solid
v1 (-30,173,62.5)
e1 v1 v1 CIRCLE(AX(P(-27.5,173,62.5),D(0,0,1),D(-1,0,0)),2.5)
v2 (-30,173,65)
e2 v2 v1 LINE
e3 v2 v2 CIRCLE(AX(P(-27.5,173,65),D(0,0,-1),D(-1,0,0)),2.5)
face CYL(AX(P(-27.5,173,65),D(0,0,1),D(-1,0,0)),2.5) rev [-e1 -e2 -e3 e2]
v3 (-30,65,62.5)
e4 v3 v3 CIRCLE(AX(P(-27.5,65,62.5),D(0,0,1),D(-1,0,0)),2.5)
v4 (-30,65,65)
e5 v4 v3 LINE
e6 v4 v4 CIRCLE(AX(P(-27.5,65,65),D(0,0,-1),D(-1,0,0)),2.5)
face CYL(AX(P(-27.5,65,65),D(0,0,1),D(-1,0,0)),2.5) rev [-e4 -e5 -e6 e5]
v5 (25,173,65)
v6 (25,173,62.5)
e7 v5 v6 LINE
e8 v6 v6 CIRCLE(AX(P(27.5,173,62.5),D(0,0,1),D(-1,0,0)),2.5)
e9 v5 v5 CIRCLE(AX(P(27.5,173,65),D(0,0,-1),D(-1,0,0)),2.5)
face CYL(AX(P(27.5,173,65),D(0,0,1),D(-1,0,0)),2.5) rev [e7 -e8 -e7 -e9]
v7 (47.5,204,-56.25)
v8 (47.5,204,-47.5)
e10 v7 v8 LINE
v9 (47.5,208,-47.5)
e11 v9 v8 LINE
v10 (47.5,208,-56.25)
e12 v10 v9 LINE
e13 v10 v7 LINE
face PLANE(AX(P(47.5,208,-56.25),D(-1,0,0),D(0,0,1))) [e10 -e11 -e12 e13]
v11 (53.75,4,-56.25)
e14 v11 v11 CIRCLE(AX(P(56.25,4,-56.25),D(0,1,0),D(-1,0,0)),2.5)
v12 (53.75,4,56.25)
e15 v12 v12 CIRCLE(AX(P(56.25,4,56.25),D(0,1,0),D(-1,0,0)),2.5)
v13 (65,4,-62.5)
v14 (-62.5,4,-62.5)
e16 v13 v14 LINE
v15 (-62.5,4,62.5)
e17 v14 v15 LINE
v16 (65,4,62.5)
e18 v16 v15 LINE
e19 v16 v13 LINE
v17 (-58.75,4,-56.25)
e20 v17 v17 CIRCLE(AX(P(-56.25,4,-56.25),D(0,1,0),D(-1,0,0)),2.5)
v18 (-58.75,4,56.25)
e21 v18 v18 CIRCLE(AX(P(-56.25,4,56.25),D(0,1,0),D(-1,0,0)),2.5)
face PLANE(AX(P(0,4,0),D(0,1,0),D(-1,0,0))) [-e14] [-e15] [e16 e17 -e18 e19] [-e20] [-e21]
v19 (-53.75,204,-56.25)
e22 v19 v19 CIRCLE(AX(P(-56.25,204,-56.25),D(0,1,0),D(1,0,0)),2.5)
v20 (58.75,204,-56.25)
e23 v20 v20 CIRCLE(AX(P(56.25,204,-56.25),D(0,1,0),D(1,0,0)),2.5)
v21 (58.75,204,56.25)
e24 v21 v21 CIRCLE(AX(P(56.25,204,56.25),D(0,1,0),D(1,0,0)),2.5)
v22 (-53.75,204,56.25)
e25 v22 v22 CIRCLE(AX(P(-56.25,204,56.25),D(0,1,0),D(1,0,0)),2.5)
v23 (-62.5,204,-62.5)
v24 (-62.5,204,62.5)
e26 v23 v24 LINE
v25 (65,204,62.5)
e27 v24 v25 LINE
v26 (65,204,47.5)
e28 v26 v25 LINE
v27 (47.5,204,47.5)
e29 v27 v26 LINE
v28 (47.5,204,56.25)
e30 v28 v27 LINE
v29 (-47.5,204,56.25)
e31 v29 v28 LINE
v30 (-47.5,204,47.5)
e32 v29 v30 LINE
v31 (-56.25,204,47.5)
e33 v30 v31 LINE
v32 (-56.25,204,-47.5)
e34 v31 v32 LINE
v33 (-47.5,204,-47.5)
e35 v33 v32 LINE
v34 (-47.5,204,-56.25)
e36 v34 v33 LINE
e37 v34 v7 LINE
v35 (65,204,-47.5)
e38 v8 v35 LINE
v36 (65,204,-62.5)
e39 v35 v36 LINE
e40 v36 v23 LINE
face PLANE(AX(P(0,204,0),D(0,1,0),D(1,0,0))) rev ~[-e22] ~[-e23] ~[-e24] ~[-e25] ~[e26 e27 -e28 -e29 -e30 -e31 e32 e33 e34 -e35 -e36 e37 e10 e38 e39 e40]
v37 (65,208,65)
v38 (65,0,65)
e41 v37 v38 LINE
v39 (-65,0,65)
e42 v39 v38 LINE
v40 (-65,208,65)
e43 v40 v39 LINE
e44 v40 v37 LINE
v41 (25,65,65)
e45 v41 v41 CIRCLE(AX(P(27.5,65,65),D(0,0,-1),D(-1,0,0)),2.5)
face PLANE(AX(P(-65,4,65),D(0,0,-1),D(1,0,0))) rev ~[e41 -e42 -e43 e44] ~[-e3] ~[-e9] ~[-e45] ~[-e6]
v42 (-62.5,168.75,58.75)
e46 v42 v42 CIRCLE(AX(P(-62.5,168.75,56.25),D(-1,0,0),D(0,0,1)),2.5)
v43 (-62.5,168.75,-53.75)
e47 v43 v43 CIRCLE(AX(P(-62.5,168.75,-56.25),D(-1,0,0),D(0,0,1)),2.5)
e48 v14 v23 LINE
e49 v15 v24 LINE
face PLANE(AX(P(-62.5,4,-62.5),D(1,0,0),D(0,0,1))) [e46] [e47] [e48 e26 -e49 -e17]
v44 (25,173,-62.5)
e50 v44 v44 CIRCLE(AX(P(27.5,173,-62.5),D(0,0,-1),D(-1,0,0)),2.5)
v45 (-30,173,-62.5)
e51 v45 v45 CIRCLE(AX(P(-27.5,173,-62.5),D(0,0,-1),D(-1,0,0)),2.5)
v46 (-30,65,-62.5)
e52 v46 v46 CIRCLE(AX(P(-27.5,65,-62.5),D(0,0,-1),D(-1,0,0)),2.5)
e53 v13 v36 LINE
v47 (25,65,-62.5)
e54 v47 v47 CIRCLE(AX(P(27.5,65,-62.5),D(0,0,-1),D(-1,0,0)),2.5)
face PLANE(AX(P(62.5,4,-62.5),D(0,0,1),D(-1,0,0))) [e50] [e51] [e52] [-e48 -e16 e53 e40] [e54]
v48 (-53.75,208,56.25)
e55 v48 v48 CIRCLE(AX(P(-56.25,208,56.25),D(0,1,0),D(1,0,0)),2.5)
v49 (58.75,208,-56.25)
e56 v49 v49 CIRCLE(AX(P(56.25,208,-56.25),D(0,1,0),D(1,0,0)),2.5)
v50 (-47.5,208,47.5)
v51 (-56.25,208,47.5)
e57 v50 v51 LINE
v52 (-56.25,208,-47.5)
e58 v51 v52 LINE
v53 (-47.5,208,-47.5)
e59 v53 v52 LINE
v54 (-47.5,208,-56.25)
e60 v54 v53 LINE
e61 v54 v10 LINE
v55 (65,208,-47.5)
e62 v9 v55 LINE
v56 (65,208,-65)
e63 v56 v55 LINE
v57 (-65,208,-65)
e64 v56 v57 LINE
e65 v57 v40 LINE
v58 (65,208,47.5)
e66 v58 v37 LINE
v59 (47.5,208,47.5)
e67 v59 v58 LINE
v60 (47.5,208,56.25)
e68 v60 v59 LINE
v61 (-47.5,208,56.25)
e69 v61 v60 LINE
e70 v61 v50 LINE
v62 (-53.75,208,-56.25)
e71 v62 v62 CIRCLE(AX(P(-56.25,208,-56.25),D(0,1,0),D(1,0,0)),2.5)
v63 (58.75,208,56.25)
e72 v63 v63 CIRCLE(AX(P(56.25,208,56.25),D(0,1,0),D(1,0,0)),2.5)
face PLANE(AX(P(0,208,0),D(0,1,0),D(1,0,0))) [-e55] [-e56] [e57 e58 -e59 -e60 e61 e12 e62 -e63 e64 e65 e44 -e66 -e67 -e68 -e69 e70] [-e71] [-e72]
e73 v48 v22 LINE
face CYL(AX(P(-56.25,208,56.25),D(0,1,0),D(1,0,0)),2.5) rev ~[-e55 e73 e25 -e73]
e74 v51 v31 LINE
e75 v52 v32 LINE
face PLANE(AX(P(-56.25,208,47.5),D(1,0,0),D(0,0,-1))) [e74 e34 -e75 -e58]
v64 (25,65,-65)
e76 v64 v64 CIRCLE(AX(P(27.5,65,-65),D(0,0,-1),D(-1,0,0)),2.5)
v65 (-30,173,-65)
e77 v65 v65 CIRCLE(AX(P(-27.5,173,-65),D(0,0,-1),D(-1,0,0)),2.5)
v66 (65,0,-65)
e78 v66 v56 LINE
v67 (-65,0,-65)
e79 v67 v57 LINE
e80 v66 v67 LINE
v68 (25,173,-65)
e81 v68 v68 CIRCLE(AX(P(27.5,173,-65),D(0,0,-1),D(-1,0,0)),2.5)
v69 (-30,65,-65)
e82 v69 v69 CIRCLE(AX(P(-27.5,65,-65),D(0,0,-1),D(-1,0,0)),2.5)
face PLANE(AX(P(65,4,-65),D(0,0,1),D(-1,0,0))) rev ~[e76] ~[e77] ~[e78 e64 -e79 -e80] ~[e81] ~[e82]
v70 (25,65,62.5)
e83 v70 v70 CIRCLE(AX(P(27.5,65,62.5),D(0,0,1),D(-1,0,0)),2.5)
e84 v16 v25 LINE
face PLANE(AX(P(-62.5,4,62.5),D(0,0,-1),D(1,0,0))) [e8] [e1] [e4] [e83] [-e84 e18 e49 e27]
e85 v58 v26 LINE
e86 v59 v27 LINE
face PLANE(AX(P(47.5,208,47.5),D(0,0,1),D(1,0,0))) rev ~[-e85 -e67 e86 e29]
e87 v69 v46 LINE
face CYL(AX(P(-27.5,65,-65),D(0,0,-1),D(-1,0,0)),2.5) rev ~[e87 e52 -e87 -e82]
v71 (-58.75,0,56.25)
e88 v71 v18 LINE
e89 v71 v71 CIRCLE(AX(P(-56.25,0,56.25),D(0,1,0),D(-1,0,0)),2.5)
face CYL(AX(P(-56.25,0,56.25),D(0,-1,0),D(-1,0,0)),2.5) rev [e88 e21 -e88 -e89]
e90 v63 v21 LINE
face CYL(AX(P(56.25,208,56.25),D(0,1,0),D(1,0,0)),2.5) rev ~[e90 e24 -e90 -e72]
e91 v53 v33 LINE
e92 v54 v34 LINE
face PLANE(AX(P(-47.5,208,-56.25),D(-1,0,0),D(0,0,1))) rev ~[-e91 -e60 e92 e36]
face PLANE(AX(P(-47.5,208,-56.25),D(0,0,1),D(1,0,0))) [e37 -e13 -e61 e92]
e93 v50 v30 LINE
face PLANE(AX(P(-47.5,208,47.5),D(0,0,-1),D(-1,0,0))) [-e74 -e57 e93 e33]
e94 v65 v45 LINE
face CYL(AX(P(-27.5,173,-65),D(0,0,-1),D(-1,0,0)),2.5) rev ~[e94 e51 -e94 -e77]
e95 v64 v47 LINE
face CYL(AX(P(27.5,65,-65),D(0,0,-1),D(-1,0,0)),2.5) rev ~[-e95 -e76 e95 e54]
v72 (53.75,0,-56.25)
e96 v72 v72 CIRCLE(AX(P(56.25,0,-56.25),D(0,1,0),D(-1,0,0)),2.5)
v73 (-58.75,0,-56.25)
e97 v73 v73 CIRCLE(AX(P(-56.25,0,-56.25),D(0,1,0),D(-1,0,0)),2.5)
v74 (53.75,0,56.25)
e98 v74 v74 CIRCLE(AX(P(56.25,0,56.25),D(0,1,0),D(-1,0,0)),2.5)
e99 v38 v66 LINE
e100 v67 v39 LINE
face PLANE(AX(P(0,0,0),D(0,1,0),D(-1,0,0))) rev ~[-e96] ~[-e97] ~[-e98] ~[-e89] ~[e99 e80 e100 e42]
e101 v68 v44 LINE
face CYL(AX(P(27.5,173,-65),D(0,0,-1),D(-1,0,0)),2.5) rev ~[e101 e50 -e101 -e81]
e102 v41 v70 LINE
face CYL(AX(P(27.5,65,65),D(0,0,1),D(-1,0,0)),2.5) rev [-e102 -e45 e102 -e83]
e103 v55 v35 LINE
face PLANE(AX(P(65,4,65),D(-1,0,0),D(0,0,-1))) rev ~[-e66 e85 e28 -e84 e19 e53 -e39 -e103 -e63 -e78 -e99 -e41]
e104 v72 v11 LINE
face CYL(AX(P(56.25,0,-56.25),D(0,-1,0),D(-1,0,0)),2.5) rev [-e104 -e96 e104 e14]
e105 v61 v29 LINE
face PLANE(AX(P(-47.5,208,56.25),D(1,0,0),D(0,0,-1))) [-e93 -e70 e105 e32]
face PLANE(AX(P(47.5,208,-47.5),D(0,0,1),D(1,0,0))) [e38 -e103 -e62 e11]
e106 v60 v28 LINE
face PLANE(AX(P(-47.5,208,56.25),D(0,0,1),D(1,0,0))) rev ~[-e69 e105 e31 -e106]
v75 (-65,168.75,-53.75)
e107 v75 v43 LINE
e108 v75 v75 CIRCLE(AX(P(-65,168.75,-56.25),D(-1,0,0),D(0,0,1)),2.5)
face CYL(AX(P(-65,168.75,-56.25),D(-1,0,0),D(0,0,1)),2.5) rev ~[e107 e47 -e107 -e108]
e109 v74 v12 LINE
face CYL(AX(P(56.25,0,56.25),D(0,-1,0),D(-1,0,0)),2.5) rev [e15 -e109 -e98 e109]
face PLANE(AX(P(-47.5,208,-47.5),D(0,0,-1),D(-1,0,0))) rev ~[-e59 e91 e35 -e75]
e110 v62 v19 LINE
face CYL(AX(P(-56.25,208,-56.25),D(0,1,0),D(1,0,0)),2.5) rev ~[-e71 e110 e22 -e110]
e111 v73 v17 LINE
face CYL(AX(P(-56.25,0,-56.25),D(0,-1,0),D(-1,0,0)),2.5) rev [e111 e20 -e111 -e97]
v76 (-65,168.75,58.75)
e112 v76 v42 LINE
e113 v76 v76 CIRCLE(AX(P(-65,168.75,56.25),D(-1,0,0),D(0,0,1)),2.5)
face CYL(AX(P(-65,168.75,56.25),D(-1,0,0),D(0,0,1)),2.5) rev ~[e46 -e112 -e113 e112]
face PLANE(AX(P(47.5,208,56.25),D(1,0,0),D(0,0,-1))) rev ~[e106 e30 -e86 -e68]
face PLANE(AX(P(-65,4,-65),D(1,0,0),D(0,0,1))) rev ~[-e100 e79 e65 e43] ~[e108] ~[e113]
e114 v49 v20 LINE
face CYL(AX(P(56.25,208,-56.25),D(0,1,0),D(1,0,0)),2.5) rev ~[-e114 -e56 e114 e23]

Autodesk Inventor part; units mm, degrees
ref_plane "YZ Plane" through (0, 0, 0) normal (1, 0, 0) x (0, 1, 0)
ref_plane "XZ Plane" through (0, 0, 0) normal (0, 1, 0) x (-1, 0, 0)
ref_plane "XY Plane" through (0, 0, 0) normal (0, 0, 1) x (1, 0, 0)
sketch "Sketch1" plane through (0, 0, 0) normal (0, 1, 0) x (-1, 0, 0)
  line L0 (65, 65) -> (-65, 65)
  line L1 (-65, 65) -> (-65, -65)
  line L2 (-65, -65) -> (65, -65)
  line L3 (65, -65) -> (65, 65)
  line L4 (65, 65) -> (-65, -65) construction
  line L5 (-65, 65) -> (65, -65) construction
  circle A0 centre (-56.25, 56.25) radius 2.5
  line L6 (0, 15.2849) -> (0, -21.0051)
  line L7 (0, -21.0051) -> (-20.003, 0)
  line L8 (-20.003, 0) -> (15.941, 0)
  circle A1 centre (56.25, 56.25) radius 2.5
  circle A2 centre (-56.25, -56.25) radius 2.5
  circle A3 centre (56.25, -56.25) radius 2.5
  point P0 (0, 0)
  point P1 (0, 0)
  dimension "d0" = 130
  dimension "d1" = 130
  dimension "d2" = 5
  dimension "d3" = 8.75
extrude "Extrusion1" add sketch "Sketch1" along normal blind 4 contours L3 L2 L1 L0 | L6 L7 L8
sketch "Sketch2" plane through (0, 4, 0) normal (0, 1, 0) x (1, 0, 0)
  line L0 (-62.5, -62.5) -> (62.5, -62.5)
  line L1 (62.5, -62.5) -> (62.5, 62.5)
  line L2 (62.5, 62.5) -> (-62.5, 62.5)
  line L3 (-62.5, 62.5) -> (-62.5, -62.5)
  line L4 (-62.5, -62.5) -> (62.5, 62.5) construction
  line L5 (62.5, -62.5) -> (-62.5, 62.5) construction
  line L6 (-65, 65) -> (-65, -65) projected
  line L7 (65, 65) -> (-65, 65) projected
  line L8 (-65, -65) -> (65, -65)
  line L9 (65, -65) -> (65, 65)
  line L10 (65, 65) -> (-65, 65)
  line L11 (-65, 65) -> (-65, -65)
  line L12 (-65, -65) -> (65, 65) construction
  line L13 (65, -65) -> (-65, 65) construction
  line L14 (62.5, -62.5) -> (65, -62.5)
  line L15 (62.5, 62.5) -> (65, 62.5)
  point P0 (0, 0)
  dimension "d6" = 2.5
  dimension "d7" = 2.5
extrude "Extrusion2" add sketch "Sketch2" along normal blind 204 contours L0 L14 L9 L8 L6 L7 L15 L2 L3
sketch "Sketch3" plane through (0, 208, 0) normal (0, 1, 0) x (1, 0, 0)
  line L0 (-65, 65) -> (-65, -65) projected
  line L1 (-65, -65) -> (-47.5, -65)
  line L2 (-47.5, -65) -> (-47.5, -47.5)
  line L3 (-47.5, -47.5) -> (-65, -47.5)
  line L4 (-65, -47.5) -> (-65, -65)
  line L5 (-65, 65) -> (-47.5, 65)
  line L6 (-47.5, 65) -> (-47.5, 47.5)
  line L7 (-47.5, 47.5) -> (-65, 47.5)
  line L8 (-65, 47.5) -> (-65, 65)
  line L9 (-65, -65) -> (65, -65) projected
  line L10 (65, -65) -> (47.5, -65)
  line L11 (47.5, -65) -> (47.5, -47.5)
  line L12 (47.5, -47.5) -> (65, -47.5)
  line L13 (65, -47.5) -> (65, -65)
  line L14 (65, 65) -> (-65, 65) projected
  line L15 (65, 65) -> (47.5, 65)
  line L16 (47.5, 65) -> (47.5, 47.5)
  line L17 (47.5, 47.5) -> (65, 47.5)
  line L18 (65, 47.5) -> (65, 65)
  circle A0 centre (56.25, -56.25) radius 2.5
  circle A1 centre (56.25, 56.25) radius 2.5 projected
  circle A2 centre (56.25, 56.25) radius 2.5
  circle A3 centre (-56.25, 56.25) radius 2.5
  circle A4 centre (-56.25, -56.25) radius 2.5 projected
  circle A5 centre (-56.25, -56.25) radius 2.5
  line L19 (-47.5, -56.25) -> (47.5, -56.25)
  line L20 (-56.25, -47.5) -> (-56.25, 47.5)
  line L21 (-47.5, 56.25) -> (47.5, 56.25)
  point P0 (0, 0)
  point P1 (56.25, -65)
  dimension "d10" = 17.5
  dimension "d11" = 17.5
  dimension "d12" = 17.5
  dimension "d13" = 17.5
  dimension "d14" = 17.5
  dimension "d15" = 17.5
  dimension "d16" = 17.5
  dimension "d17" = 17.5
  dimension "d18" = 5
  dimension "d19" = 5
  dimension "d20" = 5
  dimension "d21" = 5
extrude "Extrusion3" add sketch "Sketch3" against normal blind 4
sketch "Sketch4" plane through (-65, 0, -65) normal (-1, 0, 0) x (0, 0, 1)
  circle A0 centre (8.75, 168.75) radius 2.5
  circle A1 centre (121.25, 168.75) radius 2.5
  line L0 (0, 208) -> (130, 208) projected
  line L1 (0, 0) -> (0, 208) projected
  line L2 (130, 0) -> (130, 208) projected
  point P0 (65, 0)
  dimension "d24" = 5
  dimension "d25" = 5
  dimension "d26" = 39.25
  dimension "d27" = 39.25
  dimension "d28" = 8.75
  dimension "d29" = 8.75
extrude "Extrusion4" cut sketch "Sketch4" against normal through all
sketch "Sketch7" plane through (-65, 0, 65) normal (0, 0, 1) x (1, 0, 0)
  circle A0 centre (37.5, 173) radius 2.5
  circle A1 centre (92.5, 173) radius 2.5
  circle A2 centre (37.5, 65) radius 2.5
  circle A3 centre (92.5, 65) radius 2.5
  line L0 (0, 208) -> (130, 208) projected
  line L1 (130, 0) -> (130, 208) projected
  line L2 (0, 0) -> (130, 0) projected
  point P0 (65, 0)
  dimension "d47" = 5
  dimension "d48" = 5
  dimension "d49" = 5
  dimension "d50" = 5
  dimension "d51" = 55
  dimension "d52" = 55
  dimension "d53" = 0
  dimension "d54" = 35
  dimension "d55" = 0
  dimension "d56" = 37.5
  dimension "d57" = 37.5
  dimension "d58" = 65
sketch "Sketch5" plane through (65, 0, -65) normal (0, 0, -1) x (-1, 0, 0)
  circle A0 centre (37.5, 173) radius 2.5
  circle A1 centre (92.5, 173) radius 2.5
  circle A2 centre (37.5, 65) radius 2.5
  circle A3 centre (92.5, 65) radius 2.5
  line L0 (130, 0) -> (130, 208) projected
  line L1 (0, 208) -> (130, 208) projected
  line L2 (0, 0) -> (130, 0) projected
  point P0 (65, 0)
  dimension "d32" = 5
  dimension "d33" = 5
  dimension "d34" = 5
  dimension "d35" = 5
  dimension "d36" = 55
  dimension "d37" = 55
  dimension "d38" = 0
  dimension "d39" = 37.5
  dimension "d40" = 37.5
  dimension "d41" = 35
  dimension "d42" = 65
  dimension "d43" = 35
extrude "Extrusion5" cut sketch "Sketch5" against normal blind 10
sketch "Sketch6" plane through (65, 0, -65) normal (0, 0, -1) x (-1, 0, 0)
  point P0 (65, 0)
mirror "Mirror1" about plane through (0, 0, 0) normal (0, 0, 1) of "Extrusion5"
